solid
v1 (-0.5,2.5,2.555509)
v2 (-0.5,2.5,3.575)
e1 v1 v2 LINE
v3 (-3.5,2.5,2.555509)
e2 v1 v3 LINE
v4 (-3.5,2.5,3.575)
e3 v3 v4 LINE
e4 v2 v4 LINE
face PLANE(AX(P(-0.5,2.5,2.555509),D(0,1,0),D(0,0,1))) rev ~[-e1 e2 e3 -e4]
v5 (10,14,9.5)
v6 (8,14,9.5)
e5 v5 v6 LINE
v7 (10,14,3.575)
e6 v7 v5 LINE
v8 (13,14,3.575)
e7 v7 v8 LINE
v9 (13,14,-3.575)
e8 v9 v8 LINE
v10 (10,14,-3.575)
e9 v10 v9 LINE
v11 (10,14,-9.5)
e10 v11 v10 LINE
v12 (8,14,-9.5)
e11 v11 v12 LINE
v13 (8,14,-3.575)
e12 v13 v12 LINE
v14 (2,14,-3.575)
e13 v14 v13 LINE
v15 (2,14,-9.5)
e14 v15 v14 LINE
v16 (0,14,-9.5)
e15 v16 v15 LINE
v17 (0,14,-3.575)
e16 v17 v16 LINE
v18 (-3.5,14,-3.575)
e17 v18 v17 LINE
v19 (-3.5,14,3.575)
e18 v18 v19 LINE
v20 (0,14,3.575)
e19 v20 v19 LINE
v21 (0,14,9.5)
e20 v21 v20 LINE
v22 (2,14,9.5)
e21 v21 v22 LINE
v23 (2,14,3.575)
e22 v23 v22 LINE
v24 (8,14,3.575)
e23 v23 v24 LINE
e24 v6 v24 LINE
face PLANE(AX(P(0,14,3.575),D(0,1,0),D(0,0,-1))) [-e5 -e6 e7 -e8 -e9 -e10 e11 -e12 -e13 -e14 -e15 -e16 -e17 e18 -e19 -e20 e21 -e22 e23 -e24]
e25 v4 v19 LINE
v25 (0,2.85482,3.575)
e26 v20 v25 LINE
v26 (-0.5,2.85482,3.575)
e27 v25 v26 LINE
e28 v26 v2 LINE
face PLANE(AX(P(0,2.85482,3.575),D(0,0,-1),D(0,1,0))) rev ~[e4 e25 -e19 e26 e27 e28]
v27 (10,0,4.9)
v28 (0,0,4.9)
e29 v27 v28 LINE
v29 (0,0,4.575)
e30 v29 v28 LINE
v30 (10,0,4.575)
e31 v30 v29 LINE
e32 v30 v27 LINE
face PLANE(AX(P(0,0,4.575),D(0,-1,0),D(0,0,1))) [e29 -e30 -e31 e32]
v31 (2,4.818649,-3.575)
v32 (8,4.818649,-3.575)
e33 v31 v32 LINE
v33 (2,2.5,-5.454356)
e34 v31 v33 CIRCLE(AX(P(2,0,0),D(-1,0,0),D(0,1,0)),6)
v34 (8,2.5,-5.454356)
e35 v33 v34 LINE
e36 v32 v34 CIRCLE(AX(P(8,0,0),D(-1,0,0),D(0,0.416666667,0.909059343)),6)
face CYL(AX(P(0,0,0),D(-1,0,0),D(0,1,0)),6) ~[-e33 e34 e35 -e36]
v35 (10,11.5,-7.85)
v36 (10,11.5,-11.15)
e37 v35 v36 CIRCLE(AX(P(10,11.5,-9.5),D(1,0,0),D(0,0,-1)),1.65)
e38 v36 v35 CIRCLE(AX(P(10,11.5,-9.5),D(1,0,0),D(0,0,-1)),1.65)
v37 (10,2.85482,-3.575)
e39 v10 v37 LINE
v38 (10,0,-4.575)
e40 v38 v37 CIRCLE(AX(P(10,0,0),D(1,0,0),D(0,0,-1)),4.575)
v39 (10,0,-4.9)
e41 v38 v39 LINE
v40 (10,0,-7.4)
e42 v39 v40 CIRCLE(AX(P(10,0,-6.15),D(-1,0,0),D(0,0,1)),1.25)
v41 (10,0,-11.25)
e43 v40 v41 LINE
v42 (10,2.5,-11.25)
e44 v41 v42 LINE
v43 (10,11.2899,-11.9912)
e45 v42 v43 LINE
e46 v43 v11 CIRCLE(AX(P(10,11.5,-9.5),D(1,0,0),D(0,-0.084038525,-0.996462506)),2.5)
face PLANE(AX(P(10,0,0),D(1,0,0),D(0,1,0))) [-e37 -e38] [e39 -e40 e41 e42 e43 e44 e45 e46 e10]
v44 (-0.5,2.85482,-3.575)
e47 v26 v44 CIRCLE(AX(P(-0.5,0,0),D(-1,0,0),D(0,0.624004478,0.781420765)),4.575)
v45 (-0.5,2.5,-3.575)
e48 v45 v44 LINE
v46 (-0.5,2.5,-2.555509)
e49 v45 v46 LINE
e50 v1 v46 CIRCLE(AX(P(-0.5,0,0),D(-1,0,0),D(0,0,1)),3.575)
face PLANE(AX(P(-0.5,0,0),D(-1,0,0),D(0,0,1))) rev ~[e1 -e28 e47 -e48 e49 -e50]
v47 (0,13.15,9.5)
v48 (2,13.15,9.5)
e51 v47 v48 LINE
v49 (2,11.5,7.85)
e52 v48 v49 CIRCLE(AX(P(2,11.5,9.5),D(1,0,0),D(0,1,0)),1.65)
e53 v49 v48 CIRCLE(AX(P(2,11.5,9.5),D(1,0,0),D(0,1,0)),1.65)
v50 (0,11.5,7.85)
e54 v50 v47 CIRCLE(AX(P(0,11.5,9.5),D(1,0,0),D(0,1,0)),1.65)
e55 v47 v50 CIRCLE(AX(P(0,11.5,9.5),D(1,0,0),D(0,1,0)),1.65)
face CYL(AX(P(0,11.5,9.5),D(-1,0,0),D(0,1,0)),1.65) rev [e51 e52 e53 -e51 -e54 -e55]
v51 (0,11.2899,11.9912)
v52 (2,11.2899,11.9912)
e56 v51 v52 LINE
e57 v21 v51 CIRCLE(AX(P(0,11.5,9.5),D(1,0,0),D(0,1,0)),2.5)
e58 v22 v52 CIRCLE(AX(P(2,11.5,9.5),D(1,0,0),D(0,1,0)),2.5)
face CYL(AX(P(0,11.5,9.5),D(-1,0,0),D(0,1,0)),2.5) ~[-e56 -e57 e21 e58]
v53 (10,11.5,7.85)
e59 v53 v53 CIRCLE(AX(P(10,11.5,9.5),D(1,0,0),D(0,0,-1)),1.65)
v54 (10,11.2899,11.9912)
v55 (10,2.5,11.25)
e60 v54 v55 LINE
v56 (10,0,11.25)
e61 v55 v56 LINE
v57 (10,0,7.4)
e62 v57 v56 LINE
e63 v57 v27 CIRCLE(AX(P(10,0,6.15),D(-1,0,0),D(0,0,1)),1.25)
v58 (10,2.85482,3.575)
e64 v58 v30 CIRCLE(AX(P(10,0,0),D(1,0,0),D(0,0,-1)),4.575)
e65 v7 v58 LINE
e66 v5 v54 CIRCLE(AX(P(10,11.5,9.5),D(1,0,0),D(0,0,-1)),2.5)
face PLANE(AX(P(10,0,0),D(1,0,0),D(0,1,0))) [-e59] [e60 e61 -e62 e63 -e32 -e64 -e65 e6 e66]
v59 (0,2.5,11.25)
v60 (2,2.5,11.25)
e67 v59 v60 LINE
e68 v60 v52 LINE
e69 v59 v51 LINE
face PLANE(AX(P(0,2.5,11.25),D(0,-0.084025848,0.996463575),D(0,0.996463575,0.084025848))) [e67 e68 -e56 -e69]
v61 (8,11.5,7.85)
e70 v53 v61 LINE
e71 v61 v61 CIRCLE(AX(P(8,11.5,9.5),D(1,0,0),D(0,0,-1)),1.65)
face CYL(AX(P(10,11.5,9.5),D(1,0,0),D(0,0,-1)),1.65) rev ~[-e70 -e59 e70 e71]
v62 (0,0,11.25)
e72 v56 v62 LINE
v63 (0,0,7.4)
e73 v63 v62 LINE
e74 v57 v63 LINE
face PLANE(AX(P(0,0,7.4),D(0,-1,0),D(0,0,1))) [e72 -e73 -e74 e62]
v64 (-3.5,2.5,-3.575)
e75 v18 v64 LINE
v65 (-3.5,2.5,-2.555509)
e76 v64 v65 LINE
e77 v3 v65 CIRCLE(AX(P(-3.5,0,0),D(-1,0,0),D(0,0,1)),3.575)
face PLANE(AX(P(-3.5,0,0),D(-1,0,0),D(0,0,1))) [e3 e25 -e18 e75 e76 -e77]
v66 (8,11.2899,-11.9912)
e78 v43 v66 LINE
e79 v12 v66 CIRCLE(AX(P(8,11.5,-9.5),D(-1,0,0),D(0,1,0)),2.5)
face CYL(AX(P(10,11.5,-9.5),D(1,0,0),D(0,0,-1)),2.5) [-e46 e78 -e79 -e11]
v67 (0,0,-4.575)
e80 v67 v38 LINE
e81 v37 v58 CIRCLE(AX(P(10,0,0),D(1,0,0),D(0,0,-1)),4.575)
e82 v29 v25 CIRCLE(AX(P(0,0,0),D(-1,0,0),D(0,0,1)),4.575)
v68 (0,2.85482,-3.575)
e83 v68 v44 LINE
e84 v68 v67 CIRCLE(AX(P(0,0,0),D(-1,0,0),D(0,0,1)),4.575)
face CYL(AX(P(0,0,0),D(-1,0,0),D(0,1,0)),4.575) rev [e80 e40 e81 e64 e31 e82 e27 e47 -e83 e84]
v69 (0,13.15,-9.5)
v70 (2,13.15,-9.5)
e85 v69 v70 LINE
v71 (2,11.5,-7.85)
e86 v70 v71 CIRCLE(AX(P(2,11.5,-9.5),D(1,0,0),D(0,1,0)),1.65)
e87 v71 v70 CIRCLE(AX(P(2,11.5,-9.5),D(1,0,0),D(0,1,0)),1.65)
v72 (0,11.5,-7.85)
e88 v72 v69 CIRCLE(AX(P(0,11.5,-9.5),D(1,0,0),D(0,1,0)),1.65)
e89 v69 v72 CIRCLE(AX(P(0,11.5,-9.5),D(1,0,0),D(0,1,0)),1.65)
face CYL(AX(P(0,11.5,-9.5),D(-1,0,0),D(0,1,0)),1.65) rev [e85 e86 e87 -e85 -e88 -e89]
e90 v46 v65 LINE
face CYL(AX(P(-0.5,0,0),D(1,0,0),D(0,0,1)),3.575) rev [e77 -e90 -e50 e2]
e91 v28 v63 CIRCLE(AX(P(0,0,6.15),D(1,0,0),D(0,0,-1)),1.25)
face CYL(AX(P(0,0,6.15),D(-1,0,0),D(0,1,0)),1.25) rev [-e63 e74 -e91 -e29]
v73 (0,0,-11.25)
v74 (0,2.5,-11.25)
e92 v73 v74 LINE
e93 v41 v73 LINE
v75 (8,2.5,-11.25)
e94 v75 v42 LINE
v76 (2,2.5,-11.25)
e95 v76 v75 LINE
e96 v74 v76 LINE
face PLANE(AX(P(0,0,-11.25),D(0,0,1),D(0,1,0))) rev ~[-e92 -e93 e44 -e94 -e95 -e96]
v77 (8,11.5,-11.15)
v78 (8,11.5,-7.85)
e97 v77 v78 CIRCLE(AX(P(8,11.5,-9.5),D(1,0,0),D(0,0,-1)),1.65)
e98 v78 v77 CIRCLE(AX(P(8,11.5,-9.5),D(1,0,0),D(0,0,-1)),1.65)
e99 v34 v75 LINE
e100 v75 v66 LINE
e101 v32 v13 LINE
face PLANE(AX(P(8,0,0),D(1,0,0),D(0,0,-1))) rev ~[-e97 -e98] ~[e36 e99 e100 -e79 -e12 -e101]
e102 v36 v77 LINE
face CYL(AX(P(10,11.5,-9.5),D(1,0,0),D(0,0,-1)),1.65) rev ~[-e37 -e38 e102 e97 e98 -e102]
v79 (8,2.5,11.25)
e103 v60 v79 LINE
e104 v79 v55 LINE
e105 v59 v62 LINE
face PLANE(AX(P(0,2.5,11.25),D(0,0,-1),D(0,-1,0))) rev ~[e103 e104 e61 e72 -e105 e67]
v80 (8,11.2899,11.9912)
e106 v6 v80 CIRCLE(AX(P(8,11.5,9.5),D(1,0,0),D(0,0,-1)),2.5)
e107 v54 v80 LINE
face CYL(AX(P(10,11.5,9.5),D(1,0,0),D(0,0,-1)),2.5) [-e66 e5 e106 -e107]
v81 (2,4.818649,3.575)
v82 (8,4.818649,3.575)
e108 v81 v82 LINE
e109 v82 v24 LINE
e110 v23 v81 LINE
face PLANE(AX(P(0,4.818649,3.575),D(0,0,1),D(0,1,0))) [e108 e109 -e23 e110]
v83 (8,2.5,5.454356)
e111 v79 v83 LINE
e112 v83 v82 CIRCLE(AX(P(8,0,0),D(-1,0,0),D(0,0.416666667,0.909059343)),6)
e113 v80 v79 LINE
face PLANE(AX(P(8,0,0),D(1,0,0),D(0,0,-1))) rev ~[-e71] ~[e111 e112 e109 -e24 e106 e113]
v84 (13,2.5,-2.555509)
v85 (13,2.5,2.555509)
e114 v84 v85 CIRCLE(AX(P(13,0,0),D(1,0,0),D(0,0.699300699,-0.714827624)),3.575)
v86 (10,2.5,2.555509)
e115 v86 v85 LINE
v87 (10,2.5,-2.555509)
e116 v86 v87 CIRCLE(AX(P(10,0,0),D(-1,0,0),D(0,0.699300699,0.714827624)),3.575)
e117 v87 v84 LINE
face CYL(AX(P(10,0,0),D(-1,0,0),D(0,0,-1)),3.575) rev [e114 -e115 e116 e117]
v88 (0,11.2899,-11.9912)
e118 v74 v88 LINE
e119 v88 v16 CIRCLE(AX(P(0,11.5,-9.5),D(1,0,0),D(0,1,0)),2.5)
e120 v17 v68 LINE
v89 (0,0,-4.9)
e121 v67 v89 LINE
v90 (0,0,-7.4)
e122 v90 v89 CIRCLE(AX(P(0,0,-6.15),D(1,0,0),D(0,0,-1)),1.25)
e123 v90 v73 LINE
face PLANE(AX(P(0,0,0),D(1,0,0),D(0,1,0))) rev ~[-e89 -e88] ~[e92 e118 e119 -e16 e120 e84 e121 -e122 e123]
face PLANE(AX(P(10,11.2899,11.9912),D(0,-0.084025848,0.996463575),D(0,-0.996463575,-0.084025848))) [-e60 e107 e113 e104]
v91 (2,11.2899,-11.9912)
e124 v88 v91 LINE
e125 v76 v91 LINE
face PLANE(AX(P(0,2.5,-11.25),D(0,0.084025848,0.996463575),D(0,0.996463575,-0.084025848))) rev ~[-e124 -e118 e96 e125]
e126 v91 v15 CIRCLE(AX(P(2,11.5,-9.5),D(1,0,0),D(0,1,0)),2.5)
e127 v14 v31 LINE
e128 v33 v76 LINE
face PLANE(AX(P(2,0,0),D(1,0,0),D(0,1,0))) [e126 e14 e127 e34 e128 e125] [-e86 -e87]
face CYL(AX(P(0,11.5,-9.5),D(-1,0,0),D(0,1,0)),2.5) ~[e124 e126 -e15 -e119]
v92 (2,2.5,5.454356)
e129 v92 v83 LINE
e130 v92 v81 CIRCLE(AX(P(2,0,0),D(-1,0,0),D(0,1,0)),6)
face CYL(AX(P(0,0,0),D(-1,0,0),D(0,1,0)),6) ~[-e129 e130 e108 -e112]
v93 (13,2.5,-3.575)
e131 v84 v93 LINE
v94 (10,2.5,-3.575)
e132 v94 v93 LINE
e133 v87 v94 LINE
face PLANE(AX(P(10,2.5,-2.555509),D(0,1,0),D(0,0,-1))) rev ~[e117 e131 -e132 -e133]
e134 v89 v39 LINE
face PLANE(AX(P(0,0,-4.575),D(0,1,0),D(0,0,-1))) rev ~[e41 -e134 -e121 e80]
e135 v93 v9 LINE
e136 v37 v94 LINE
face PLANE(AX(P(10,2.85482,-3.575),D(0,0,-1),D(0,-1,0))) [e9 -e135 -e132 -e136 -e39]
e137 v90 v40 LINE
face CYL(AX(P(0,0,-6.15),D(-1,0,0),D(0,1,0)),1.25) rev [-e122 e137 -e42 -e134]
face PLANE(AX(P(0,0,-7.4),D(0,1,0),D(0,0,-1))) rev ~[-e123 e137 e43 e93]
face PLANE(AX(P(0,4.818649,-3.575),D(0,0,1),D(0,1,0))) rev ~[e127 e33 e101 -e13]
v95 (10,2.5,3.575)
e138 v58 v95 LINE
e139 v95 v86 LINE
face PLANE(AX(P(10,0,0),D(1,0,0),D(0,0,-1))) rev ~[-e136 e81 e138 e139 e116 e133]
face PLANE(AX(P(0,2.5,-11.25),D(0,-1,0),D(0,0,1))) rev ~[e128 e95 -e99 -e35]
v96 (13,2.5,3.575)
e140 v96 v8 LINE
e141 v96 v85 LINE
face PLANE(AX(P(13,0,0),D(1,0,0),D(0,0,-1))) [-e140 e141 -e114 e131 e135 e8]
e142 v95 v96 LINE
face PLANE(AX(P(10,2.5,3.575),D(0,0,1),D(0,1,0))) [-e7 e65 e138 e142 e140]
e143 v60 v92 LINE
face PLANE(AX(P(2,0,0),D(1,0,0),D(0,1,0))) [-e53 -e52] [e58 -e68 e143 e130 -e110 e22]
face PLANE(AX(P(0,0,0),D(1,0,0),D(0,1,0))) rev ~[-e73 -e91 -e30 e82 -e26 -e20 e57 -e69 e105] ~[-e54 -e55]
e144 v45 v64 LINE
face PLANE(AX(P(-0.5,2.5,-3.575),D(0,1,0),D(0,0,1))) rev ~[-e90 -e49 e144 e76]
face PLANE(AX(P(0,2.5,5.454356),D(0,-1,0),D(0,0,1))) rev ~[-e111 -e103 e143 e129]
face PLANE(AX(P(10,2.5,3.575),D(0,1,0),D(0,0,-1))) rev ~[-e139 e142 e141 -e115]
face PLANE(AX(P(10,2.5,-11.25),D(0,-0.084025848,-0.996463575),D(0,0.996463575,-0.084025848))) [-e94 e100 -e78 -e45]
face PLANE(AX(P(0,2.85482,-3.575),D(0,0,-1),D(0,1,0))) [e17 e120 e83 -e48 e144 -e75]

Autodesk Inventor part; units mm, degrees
ref_plane "YZ Plane" through (0, 0, 0) normal (1, 0, 0) x (0, 1, 0)
ref_plane "XZ Plane" through (0, 0, 0) normal (0, 1, 0) x (-1, 0, 0)
ref_plane "XY Plane" through (0, 0, 0) normal (0, 0, 1) x (1, 0, 0)
sketch "スケッチ1" plane through (0, 0, 0) normal (1, 0, 0) x (0, 1, 0)
  circle A0 centre (0, 0) radius 4.575
  circle A1 centre (0, 0) radius 3.575
  line L0 (0, 0) -> (0, 6)
  line L1 (0, 6) -> (0, -6)
  line L2 (0, 0) -> (11.5, 0)
  line L3 (11.5, 0) -> (11.5, 9.5)
  line L4 (11.5, 9.5) -> (11.5, -9.5)
  circle A2 centre (11.5, 9.5) radius 1.65
  circle A3 centre (11.5, -9.5) radius 1.65
  line L5 (0, 0) -> (0, 11.25)
  line L6 (0, 11.25) -> (0, -11.25)
  line L7 (-2.5, -11.25) -> (2.5, -11.25)
  line L8 (2.5, -11.25) -> (2.5, 11.25)
  line L9 (2.5, 11.25) -> (-2.5, 11.25)
  line L10 (-2.5, 11.25) -> (-2.5, -11.25)
  line L11 (-2.5, -11.25) -> (2.5, 11.25) construction
  line L12 (2.5, -11.25) -> (-2.5, 11.25) construction
  circle A4 centre (11.5, 9.5) radius 2.5
  circle A5 centre (11.5, -9.5) radius 2.5
  line L13 (2.5, 11.25) -> (11.2899, 11.9912)
  line L14 (2.5, -11.25) -> (11.2899, -11.9912)
  line L15 (14, 9.5) -> (14, -9.5)
  line L16 (0, -3.575) -> (14, -3.575)
  line L17 (0, 3.575) -> (14, 3.575)
  circle A6 centre (0, 0) radius 6
  line L18 (0, 0) -> (0, 6.15)
  line L19 (0, 6.15) -> (0, -6.15)
  circle A7 centre (0, 6.15) radius 1.25
  circle A8 centre (0, -6.15) radius 1.25
  point P0 (0, 4.575)
  point P1 (0, -4.575)
  point P2 (2.5, 3.575)
  point P3 (2.5, 2.5555)
  point P4 (2.5, -2.5555)
  point P5 (2.5, -3.575)
  point P6 (0, 7.4)
  point P7 (0, 4.9)
  point P8 (0, -4.9)
  point P9 (0, -7.4)
  point P10 (2.5, 5.4544)
  point P11 (2.5, -5.4544)
  point P12 (4.8186, 3.575)
  point P13 (4.8186, -3.575)
  point P14 (2.8548, 3.575)
  point P15 (2.8548, -3.575)
  dimension "d0" = 9.15
  dimension "d1" = 7.15
  dimension "d2" = 6
  dimension "d3" = 12
  dimension "d6" = 11.5
  dimension "d7" = 9.5
  dimension "d8" = 19
  dimension "d9" = 3.3
  dimension "d10" = 3.3
  dimension "d11" = 11.25
  dimension "d12" = 22.5
  dimension "d13" = 5
  dimension "d14" = 5
  dimension "d15" = 5
  dimension "d28" = 12
  dimension "d29" = 6.15
  dimension "d30" = 12.3
  dimension "d31" = 2.5
  dimension "d32" = 2.5
extrude "押し出し7" add sketch "スケッチ1" along normal blind 2 contours L2 A6 L16 A0 | A0 L17 A6 L2 | A0 L8 A6 L17 | L16 A6 L8 A0 | A6 L17 L3 L2 | L2 L4 L16 A6 | A0 L0 A7 A6 L8 | A6 L8 L13 A4 L3 L17 | L8 A6 A8 L1 A0 | L16 L4 A5 L14 L8 A6 | L3 L17 L15 L16 L4 | A6 A7 L5 L9 L8 | L3 A4 L15 L17 | L8 L7 L6 A8 A6 | L16 L15 A5 L4 | A4 | A5
extrude "押し出し8" add sketch "スケッチ1" along normal blind 10 contours L2 A6 L16 A0 | A0 L17 A6 L2 | A0 L8 A6 L17 | L16 A6 L8 A0 | A6 L17 L3 L2 | L2 L4 L16 A6 | A0 L0 A7 A6 L8 | L8 A6 A8 L1 A0 | L3 L17 L15 L16 L4 | A6 A7 L5 L9 L8 | L8 L7 L6 A8 A6
sketch "スケッチ6" plane through (10, 0, 0) normal (1, 0, 0) x (0, 0, -1)
  line L0 (0, 0) -> (-6.15, 0)
  line L1 (-6.15, 0) -> (6.15, 0)
  circle A0 centre (-6.15, 0) radius 1.25
  circle A1 centre (6.15, 0) radius 1.25
  line L2 (-11.25, 2.5) -> (11.25, 2.5)
  line L3 (11.25, 2.5) -> (11.25, -2.5)
  line L4 (11.25, -2.5) -> (-11.25, -2.5)
  line L5 (-11.25, -2.5) -> (-11.25, 2.5)
  line L6 (-11.25, 2.5) -> (11.25, -2.5) construction
  line L7 (11.25, 2.5) -> (-11.25, -2.5) construction
  line L8 (0, 0) -> (0, 11.5)
  line L9 (0, 11.5) -> (-9.5, 11.5)
  line L10 (-9.5, 11.5) -> (9.5, 11.5)
  circle A2 centre (-9.5, 11.5) radius 1.65
  circle A3 centre (-9.5, 11.5) radius 2.5
  circle A4 centre (9.5, 11.5) radius 1.65
  circle A5 centre (9.5, 11.5) radius 2.5
  circle A6 centre (0, 0) radius 6
  circle A7 centre (0, 0) radius 4.575
  arc A8 (11.9912, 11.2899) -> (9.5, 14) centre (9.5, 11.5) ccw projected
  line L11 (11.25, 2.5) -> (11.9912, 11.2899)
  line L12 (-11.9912, 11.2899) -> (-11.25, 2.5) projected
  line L13 (-11.25, 2.5) -> (-11.9912, 11.2899)
  line L14 (9.5, 14) -> (-9.5, 14) projected
  arc A9 (-9.5, 14) -> (-11.9912, 11.2899) centre (-9.5, 11.5) ccw projected
  line L15 (-9.5, 14) -> (9.5, 14)
  circle A10 centre (0, 0) radius 3.575
  line L16 (-3.575, 14) -> (-3.575, 4.8186) projected
  line L17 (3.575, -14) -> (-3.575, -14)
  line L18 (-3.575, -14) -> (-3.575, 14)
  line L19 (-3.575, 14) -> (3.575, 14)
  line L20 (3.575, 14) -> (3.575, -14)
  line L21 (3.575, -14) -> (-3.575, 14) construction
  line L22 (-3.575, -14) -> (3.575, 14) construction
  point P0 (-5.4544, 2.5)
  point P1 (5.4544, 2.5)
  point P2 (7, 11.5)
  point P3 (-7, 11.5)
  point P4 (-3.575, 11.5)
  point P5 (-3.575, 4.8186)
  point P6 (-3.575, 2.5)
  point P7 (-2.5555, 2.5)
  point P8 (2.5555, 2.5)
  point P9 (3.575, 2.5)
  point P10 (3.575, 11.5)
  dimension "d69" = 12
  dimension "d56" = 6.15
  dimension "d57" = 12.3
  dimension "d58" = 2.5
  dimension "d59" = 2.5
  dimension "d62" = 11.5
  dimension "d63" = 9.5
  dimension "d64" = 19
  dimension "d65" = 3.3
  dimension "d66" = 5
  dimension "d67" = 3.3
  dimension "d68" = 5
  dimension "d70" = 9.15
  dimension "d79" = 7.15
extrude "押し出し9" add sketch "スケッチ6" against normal blind 2 contours L2 L12 A3 L9 L16 A6 | L16 L9 L8 A6 | A6 L20 L10 A5 L11 L2 | A6 L8 L10 L20 | L16 L14 L20 L10 L9 | L9 A3 L14 L16 | L20 L14 A5 L10 | A3 | A5
extrude "押し出し10" add sketch "スケッチ1" against normal blind 0.5 contours L2 A6 L16 A0 | A0 L17 A6 L2 | A6 L17 L3 L2 | L2 L4 L16 A6 | L3 L17 L15 L16 L4
sketch "スケッチ7" plane through (-0.5, 0, 0) normal (-1, 0, 0) x (0, 0, 1)
  circle A0 centre (0, 0) radius 3.575
  line L0 (-9.5, 14) -> (9.5, 14) projected
  line L1 (-3.575, 14) -> (3.575, 14)
  circle A1 centre (0, 0) radius 4.575
  line L2 (-11.25, 0) -> (-11.25, 2.5) projected
  line L3 (11.25, -2.5) -> (-11.25, -2.5)
  line L4 (-11.25, -2.5) -> (-11.25, 2.5)
  line L5 (-11.25, 2.5) -> (11.25, 2.5)
  line L6 (11.25, 2.5) -> (11.25, -2.5)
  line L7 (11.25, -2.5) -> (-11.25, 2.5) construction
  line L8 (-11.25, -2.5) -> (11.25, 2.5) construction
  line L9 (-3.575, 14) -> (-3.575, 0)
  line L10 (3.575, 14) -> (3.575, 0)
  point P0 (-3.575, 2.5)
  point P1 (-2.5555, 2.5)
  point P2 (2.5555, 2.5)
  point P3 (3.575, 2.5)
  dimension "d75" = 7.15
  dimension "d76" = 5
extrude "押し出し11" add sketch "スケッチ7" along normal blind 3 contours A0 L5 L9 A1 L10 | A1 L9 L0 L10
extrude "押し出し12" add sketch "スケッチ6" along normal blind 3 contours L2 L18 A7 L8 A10 | A10 L8 A7 L20 L2 | L18 A6 L8 A7 | A7 L8 A6 L20 | L16 L9 L8 A6 | A6 L8 L10 L20 | L16 L14 L20 L10 L9
properties part number "ikafly3.4c"
